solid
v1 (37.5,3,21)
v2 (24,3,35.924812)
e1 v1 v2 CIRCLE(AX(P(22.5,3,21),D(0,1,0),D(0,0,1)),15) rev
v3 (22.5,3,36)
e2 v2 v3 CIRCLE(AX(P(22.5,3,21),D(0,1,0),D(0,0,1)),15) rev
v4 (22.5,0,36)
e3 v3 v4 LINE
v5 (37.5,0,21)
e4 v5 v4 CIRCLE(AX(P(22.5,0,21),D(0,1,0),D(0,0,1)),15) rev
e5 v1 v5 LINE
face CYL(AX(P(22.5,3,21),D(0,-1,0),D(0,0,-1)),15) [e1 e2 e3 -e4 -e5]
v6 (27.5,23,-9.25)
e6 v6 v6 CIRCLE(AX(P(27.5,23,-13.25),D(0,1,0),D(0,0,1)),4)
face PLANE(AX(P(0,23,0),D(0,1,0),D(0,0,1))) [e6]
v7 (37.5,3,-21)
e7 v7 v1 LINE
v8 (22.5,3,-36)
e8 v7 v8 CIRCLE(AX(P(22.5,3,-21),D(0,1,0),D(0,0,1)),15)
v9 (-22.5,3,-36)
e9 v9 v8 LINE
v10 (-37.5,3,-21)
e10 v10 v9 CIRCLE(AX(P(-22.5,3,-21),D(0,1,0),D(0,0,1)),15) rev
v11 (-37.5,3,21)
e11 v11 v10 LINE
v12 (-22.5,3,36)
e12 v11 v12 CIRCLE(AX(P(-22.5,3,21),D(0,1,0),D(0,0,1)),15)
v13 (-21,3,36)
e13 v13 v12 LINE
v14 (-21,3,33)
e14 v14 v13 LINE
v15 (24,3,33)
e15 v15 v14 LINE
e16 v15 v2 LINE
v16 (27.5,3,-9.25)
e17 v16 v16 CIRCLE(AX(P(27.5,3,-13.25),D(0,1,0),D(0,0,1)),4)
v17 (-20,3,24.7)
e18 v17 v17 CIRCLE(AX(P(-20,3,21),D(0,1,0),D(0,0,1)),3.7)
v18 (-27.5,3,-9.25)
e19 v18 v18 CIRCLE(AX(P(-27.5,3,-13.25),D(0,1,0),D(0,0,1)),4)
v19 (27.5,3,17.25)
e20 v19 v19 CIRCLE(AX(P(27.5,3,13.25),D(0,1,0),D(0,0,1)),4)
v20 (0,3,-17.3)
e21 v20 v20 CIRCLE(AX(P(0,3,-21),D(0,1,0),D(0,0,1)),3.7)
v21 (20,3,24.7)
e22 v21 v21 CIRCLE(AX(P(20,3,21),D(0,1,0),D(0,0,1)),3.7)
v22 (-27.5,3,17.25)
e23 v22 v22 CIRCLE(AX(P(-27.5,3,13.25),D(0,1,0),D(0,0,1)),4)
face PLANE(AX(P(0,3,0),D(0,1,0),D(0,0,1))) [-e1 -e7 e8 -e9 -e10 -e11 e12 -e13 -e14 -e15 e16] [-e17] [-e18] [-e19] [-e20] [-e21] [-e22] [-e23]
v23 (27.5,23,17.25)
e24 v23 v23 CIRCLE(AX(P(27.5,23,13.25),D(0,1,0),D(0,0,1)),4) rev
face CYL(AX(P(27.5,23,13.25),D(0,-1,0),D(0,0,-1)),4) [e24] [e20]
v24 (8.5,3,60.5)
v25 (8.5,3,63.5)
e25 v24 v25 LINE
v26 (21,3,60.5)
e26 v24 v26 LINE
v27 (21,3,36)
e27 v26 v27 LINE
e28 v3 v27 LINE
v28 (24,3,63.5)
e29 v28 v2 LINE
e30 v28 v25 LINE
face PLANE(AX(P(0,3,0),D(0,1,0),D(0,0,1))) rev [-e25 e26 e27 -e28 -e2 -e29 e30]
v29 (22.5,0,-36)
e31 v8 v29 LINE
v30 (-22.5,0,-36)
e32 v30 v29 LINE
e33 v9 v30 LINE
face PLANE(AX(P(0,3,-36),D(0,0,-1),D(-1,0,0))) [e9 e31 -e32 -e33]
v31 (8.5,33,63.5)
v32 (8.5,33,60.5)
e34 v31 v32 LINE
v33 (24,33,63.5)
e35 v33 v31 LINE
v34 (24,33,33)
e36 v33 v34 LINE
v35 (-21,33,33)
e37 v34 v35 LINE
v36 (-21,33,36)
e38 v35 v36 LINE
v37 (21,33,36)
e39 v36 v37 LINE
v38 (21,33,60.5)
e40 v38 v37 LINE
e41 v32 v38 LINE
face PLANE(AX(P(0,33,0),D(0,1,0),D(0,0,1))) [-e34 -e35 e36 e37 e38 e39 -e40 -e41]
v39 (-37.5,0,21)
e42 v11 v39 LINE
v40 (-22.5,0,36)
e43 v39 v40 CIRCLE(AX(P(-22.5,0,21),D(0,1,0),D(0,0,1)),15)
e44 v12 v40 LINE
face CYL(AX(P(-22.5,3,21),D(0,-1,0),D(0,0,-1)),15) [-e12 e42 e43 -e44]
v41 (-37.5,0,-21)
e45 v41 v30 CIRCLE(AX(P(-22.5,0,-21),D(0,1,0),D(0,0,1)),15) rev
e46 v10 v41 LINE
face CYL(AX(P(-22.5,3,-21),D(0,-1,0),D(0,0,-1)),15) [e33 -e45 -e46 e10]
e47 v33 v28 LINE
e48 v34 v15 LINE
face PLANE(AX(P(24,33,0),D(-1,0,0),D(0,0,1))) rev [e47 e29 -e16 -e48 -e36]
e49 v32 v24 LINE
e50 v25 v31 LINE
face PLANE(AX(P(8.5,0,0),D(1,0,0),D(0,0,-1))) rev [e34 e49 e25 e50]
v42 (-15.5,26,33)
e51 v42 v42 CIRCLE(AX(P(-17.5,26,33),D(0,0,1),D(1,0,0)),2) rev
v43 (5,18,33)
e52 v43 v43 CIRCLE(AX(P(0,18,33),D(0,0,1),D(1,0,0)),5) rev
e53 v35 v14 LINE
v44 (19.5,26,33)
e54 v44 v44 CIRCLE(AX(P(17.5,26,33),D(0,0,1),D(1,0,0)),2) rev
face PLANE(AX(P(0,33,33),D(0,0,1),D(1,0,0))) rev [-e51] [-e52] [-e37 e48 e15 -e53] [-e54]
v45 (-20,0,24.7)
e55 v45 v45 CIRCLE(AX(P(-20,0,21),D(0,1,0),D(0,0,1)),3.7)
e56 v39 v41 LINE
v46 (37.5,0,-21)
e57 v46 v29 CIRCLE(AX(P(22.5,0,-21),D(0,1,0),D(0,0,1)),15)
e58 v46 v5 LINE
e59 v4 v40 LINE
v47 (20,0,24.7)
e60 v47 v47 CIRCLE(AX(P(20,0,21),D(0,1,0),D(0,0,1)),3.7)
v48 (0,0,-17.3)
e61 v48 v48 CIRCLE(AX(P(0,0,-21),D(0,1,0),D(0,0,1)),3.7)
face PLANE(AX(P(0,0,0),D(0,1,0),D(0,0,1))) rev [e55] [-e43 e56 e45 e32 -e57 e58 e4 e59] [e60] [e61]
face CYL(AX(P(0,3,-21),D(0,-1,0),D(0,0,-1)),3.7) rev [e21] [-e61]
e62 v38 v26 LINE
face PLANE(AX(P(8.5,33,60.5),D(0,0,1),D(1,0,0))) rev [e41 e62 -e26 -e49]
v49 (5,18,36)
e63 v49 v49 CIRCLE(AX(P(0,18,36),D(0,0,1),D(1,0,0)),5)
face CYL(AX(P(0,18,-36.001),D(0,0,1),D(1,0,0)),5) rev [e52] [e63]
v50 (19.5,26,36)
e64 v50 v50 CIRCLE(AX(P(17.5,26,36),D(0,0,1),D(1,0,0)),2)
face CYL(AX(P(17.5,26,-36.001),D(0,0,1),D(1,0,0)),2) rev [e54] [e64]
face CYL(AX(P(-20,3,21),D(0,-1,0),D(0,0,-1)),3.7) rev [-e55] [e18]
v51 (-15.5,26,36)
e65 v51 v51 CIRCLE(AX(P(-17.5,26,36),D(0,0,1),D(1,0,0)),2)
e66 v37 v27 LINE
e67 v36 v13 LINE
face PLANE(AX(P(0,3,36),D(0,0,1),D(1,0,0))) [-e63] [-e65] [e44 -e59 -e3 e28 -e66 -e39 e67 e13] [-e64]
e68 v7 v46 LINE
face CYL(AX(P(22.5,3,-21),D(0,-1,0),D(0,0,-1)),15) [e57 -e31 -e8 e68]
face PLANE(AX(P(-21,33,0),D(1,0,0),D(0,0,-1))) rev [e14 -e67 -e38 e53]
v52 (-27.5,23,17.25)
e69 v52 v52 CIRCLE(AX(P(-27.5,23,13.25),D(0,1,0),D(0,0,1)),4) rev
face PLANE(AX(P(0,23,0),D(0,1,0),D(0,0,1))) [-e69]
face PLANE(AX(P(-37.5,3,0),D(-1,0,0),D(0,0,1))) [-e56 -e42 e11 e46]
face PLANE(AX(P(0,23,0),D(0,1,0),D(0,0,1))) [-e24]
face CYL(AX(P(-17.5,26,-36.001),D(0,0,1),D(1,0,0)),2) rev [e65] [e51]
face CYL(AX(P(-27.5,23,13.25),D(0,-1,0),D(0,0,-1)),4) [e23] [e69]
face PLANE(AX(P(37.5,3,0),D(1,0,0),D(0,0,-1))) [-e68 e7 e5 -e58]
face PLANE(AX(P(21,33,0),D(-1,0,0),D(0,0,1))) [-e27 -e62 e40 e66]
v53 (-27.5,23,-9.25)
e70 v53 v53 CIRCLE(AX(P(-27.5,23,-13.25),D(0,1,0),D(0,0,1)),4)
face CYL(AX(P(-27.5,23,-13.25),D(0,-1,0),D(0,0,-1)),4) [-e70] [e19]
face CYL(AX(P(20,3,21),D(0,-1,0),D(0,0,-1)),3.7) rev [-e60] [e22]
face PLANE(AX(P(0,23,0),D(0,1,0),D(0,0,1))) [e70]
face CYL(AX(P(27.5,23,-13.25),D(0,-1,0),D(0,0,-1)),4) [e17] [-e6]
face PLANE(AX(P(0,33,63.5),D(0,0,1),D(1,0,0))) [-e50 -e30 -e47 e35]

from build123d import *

# Parameters (mm, degrees)
SKETCH1_R           = 3.7
BOSS_EXTRUDE1_DEPTH = 3
SKETCH3_R           = 4
BOSS_EXTRUDE3_DEPTH = 20
BOSS_EXTRUDE5_DEPTH = 30
CUT_EXTRUDE1_REACH  = 89.631
SKETCH6_R           = 5
SKETCH6_R_2         = 2
SKETCH8_W           = 3
SKETCH8_H           = 30
BOSS_EXTRUDE6_DEPTH = 12.5


with BuildPart() as part:
    # Sketch1 → Boss-Extrude1 (new body)
    with BuildSketch(Plane(origin=(0, 0, 0), x_dir=(1, 0, 0), z_dir=(0, 1, 0))):
        with BuildLine():
            Line((-37.5, -21), (-37.5, 21))
            ThreePointArc((-37.5, 21), (-33.106601718, 31.606601718), (-22.5, 36))
            Line((-22.5, 36), (22.5, 36))
            ThreePointArc((22.5, 36), (33.106601718, 31.606601718), (37.5, 21))
            Line((37.5, 21), (37.5, -21))
            ThreePointArc((37.5, -21), (33.106601718, -31.606601718), (22.5, -36))
            Line((22.5, -36), (-22.5, -36))
            ThreePointArc((-22.5, -36), (-33.106601718, -31.606601718), (-37.5, -21))
        make_face()
        with Locations(Location((0, 21, 0), (0, 0, 270))):
            Circle(SKETCH1_R, mode=Mode.SUBTRACT)
        with Locations(Location((-20, -21, 0), (0, 0, 270))):
            Circle(SKETCH1_R, mode=Mode.SUBTRACT)
        with Locations(Location((20, -21, 0), (0, 0, 270))):
            Circle(SKETCH1_R, mode=Mode.SUBTRACT)
    extrude(amount=BOSS_EXTRUDE1_DEPTH)

    # Sketch3 → Boss-Extrude3 (add)
    with BuildSketch(Plane(origin=(0, 3, -40.87670084), x_dir=(-1, 0, 0), z_dir=(0, 1, 0))):
        with Locations(Location((-27.5, 27.62670084, 0), (0, 0, 90))):
            Circle(SKETCH3_R)
        with Locations(Location((27.5, 54.12670084, 0), (0, 0, 90))):
            Circle(SKETCH3_R)
        with Locations(Location((-27.5, 54.12670084, 0), (0, 0, 90))):
            Circle(SKETCH3_R)
        with Locations(Location((27.5, 27.62670084, 0), (0, 0, 90))):
            Circle(SKETCH3_R)
    extrude(amount=BOSS_EXTRUDE3_DEPTH)

    # Sketch5 → Boss-Extrude5 (add)
    with BuildSketch(Plane(origin=(0, 3, 0), x_dir=(1, 0, 0), z_dir=(0, 1, 0))):
        Polygon((24, -63.5), (24, -36), (24, -33), (-21, -33), (-21, -36), (21, -36), (21, -63.5), align=None)
    extrude(amount=BOSS_EXTRUDE5_DEPTH)

    # Sketch6 → Cut-Extrude1 (cut, up to next)
    with BuildSketch(Plane.XY.offset(36), mode=Mode.PRIVATE) as cut_extrude1_sk1:
        with Locations((0, 18)):
            Circle(SKETCH6_R)
    cut_extrude1_tool1 = extrude(cut_extrude1_sk1.sketch, amount=-CUT_EXTRUDE1_REACH, mode=Mode.PRIVATE) & part.part
    # Sketch6 → Cut-Extrude1 (cut, up to next)
    with BuildSketch(Plane.XY.offset(36), mode=Mode.PRIVATE) as cut_extrude1_sk2:
        with Locations((-17.5, 26)):
            Circle(SKETCH6_R_2)
    cut_extrude1_tool2 = extrude(cut_extrude1_sk2.sketch, amount=-CUT_EXTRUDE1_REACH, mode=Mode.PRIVATE) & part.part
    # Sketch6 → Cut-Extrude1 (cut, up to next)
    with BuildSketch(Plane.XY.offset(36), mode=Mode.PRIVATE) as cut_extrude1_sk3:
        with Locations((17.5, 26)):
            Circle(SKETCH6_R_2)
    cut_extrude1_tool3 = extrude(cut_extrude1_sk3.sketch, amount=-CUT_EXTRUDE1_REACH, mode=Mode.PRIVATE) & part.part
    add(cut_extrude1_tool1.solids().sort_by_distance((0, 18, 36))[0], mode=Mode.SUBTRACT)
    add(cut_extrude1_tool2.solids().sort_by_distance((-17.5, 26, 36))[0], mode=Mode.SUBTRACT)
    add(cut_extrude1_tool3.solids().sort_by_distance((17.5, 26, 36))[0], mode=Mode.SUBTRACT)

    # Sketch8 → Boss-Extrude6 (add)
    with BuildSketch(Plane.ZY.offset(-21)):
        with Locations((62, 18)):
            Rectangle(SKETCH8_W, SKETCH8_H)
    extrude(amount=BOSS_EXTRUDE6_DEPTH)


solid = part.part
